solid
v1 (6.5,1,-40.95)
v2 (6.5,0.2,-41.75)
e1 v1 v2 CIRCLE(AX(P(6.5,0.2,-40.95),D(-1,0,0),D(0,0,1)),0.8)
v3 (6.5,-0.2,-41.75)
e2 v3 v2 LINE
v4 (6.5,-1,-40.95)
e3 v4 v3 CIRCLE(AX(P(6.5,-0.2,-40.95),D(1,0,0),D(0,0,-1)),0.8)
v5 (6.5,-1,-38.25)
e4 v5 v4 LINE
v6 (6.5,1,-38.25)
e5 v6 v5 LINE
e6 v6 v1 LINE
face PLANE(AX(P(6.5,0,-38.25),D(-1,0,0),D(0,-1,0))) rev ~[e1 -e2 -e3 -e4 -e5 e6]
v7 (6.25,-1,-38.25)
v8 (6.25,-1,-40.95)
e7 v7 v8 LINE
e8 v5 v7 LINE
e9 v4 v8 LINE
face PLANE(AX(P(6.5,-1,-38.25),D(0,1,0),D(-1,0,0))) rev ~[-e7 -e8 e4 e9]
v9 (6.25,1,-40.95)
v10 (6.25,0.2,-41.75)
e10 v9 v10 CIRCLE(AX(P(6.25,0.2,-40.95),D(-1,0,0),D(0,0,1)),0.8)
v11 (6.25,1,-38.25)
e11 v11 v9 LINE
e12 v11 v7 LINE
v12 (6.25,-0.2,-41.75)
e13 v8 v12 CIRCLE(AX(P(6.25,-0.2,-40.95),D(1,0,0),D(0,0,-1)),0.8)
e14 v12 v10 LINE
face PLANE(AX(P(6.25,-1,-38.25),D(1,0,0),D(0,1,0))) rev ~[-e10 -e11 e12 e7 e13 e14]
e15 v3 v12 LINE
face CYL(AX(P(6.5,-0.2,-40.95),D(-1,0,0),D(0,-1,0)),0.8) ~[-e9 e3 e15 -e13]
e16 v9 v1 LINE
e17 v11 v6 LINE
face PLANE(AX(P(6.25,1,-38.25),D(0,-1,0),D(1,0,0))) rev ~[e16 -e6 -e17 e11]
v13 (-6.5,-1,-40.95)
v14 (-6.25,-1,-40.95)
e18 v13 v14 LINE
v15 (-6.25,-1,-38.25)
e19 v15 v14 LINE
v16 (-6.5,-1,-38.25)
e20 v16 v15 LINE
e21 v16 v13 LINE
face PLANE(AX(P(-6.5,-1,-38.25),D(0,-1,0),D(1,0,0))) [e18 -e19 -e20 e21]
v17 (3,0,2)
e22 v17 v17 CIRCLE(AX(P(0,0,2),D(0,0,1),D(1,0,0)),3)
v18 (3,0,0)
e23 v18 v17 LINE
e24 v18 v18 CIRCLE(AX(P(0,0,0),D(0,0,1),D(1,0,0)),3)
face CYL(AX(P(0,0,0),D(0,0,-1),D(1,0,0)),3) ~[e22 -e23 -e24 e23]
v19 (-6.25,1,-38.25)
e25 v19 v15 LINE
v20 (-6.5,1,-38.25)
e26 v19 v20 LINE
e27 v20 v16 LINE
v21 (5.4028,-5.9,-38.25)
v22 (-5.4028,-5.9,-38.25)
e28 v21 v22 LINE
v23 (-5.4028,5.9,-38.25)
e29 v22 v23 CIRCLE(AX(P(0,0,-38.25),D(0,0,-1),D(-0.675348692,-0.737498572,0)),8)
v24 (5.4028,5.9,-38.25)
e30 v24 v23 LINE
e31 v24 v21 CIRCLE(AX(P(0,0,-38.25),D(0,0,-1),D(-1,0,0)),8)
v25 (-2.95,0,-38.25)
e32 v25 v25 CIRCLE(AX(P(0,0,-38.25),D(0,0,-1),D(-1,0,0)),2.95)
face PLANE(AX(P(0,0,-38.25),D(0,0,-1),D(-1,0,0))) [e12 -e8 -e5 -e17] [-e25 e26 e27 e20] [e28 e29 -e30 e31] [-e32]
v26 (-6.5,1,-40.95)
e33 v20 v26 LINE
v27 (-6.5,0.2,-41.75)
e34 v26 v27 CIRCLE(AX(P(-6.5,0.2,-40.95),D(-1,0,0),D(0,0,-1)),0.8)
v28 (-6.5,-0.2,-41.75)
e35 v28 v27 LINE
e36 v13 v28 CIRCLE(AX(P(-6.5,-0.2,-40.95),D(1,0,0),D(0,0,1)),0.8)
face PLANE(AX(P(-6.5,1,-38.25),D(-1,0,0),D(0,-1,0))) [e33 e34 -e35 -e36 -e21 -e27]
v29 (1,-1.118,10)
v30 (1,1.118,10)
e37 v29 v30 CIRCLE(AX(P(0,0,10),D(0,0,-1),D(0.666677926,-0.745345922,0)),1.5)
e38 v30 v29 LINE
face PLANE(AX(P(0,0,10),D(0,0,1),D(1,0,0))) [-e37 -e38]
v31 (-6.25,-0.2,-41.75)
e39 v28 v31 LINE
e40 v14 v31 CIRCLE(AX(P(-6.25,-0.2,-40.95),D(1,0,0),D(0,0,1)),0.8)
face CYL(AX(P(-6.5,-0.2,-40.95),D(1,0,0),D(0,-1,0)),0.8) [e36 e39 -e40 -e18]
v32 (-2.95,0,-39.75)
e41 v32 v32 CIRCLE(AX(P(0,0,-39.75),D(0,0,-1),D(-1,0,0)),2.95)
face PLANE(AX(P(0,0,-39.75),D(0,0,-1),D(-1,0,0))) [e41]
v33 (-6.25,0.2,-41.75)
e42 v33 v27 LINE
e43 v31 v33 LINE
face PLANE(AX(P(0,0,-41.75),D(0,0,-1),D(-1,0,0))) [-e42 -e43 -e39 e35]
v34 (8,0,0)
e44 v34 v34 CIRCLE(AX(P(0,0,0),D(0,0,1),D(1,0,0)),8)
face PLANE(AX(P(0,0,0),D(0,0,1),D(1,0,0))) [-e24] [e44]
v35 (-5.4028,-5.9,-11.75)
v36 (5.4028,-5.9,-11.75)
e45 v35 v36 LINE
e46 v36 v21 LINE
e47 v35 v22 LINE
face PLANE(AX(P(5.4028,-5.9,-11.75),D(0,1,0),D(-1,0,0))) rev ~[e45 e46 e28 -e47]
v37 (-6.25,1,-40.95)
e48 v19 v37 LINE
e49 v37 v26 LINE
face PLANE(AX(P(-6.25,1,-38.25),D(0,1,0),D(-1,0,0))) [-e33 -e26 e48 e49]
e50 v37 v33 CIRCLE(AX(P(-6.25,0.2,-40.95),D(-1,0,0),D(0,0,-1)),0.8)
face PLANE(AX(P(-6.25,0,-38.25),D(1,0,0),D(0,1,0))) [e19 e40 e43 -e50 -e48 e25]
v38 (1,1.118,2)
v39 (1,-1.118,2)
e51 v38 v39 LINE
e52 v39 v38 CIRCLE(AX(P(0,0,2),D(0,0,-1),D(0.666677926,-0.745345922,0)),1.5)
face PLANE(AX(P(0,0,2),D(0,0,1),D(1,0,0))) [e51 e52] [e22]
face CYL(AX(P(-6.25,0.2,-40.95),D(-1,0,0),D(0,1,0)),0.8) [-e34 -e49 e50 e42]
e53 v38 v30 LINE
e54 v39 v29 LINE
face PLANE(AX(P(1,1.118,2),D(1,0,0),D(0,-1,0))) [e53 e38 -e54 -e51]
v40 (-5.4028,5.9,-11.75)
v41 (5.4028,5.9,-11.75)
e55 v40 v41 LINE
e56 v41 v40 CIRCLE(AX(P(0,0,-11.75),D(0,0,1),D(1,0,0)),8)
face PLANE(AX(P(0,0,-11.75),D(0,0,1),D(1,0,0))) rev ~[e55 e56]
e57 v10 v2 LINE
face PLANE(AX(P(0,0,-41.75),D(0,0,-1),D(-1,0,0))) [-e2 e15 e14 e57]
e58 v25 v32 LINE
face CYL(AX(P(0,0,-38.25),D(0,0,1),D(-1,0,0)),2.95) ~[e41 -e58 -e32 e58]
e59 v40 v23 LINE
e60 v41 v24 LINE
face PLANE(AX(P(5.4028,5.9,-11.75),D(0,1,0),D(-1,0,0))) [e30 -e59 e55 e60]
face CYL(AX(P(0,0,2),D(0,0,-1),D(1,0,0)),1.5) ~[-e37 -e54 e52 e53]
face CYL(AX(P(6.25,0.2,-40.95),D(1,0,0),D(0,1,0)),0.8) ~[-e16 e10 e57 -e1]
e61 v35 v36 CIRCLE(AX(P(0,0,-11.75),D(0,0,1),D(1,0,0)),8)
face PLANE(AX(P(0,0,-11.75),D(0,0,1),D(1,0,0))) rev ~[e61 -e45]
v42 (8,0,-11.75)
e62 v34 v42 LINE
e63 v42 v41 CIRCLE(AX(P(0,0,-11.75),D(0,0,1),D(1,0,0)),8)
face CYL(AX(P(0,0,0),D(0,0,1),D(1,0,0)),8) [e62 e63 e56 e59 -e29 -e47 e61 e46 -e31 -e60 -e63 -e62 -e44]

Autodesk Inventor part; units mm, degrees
ref_plane "YZ Plane" through (0, 0, 0) normal (1, 0, 0) x (0, 1, 0)
ref_plane "XZ Plane" through (0, 0, 0) normal (0, 1, 0) x (-1, 0, 0)
ref_plane "XY Plane" through (0, 0, 0) normal (0, 0, 1) x (1, 0, 0)
sketch "Sketch3" plane through (0, 0, 0) normal (0, 0, 1) x (1, 0, 0)
  circle A0 centre (0, 0) radius 8
  dimension "d1" = 16
extrude "Extrusion1" add sketch "Sketch3" against normal blind 11.75
sketch "Sketch4" plane through (0, 0, -11.75) normal (0, 0, -1) x (-1, 0, 0)
  line L0 (-5.4028, 5.9) -> (5.4028, 5.9)
  circle A0 centre (0, 0) radius 8 projected
  line L1 (-5.4028, -5.9) -> (5.4028, -5.9)
  line L2 (0, 5.9) -> (0, -5.9)
  dimension "d6" = 11.8
extrude "Extrusion2" add sketch "Sketch4" along normal blind 26.5 contours L0 L2 L1 A0 | L0 A0 L1 L2
sketch "Sketch5" plane through (0, 0, 0) normal (0, 0, 1) x (1, 0, 0)
  circle A0 centre (0, 0) radius 3
  dimension "d9" = 6
extrude "Extrusion3" add sketch "Sketch5" along normal blind 2
sketch "Sketch6" plane through (0, 0, 2) normal (0, 0, 1) x (1, 0, 0)
  circle A0 centre (0, 0) radius 1.5
  line L0 (0, -11.2) -> (0, 11.2) projected
  line L1 (1, 1.118) -> (1, -1.118)
  dimension "d12" = 3
  dimension "d13" = 1
extrude "Extrusion4" add sketch "Sketch6" along normal blind 8 contours L1 A0 L0 | L0 A0
sketch "Sketch7" plane through (0, 0, -38.25) normal (0, 0, -1) x (-1, 0, 0)
  circle A0 centre (0, 0) radius 2.95
  dimension "d16" = 5.9
extrude "Extrusion5" add sketch "Sketch7" along normal blind 1.5
sketch "Sketch10" plane through (0, 0, -38.25) normal (0, 0, -1) x (-1, 0, 0)
  line L0 (-6.5, -1) -> (-6.25, -1)
  line L1 (-6.25, -1) -> (-6.25, 1)
  line L2 (-6.25, 1) -> (-6.5, 1)
  line L3 (-6.5, 1) -> (-6.5, -1)
  line L4 (-6.5, -1) -> (-6.25, 1) construction
  line L5 (-6.25, -1) -> (-6.5, 1) construction
  line L6 (11.2, 0) -> (-11.2, 0) projected
  line L7 (0, -11.2) -> (0, 11.2) projected
  line L8 (6.5, -1) -> (6.25, -1)
  line L9 (6.25, -1) -> (6.25, 1)
  line L10 (6.25, 1) -> (6.5, 1)
  line L11 (6.5, 1) -> (6.5, -1)
  point P0 (0, 0)
  point P1 (-6.375, 0)
  point P2 (-6.375, 0)
  dimension "d23" = 0.25
  dimension "d24" = 2
  dimension "d25" = 13
extrude "Extrusion7" add sketch "Sketch10" along normal blind 3.5
fillet "Fillet2" radius 0.8 4 edges at (-6.375, 1, -41.75) (-6.375, -1, -41.75) (6.375, 1, -41.75) (6.375, -1, -41.75)
properties part number "DriveMotorV1" material "Motor"
